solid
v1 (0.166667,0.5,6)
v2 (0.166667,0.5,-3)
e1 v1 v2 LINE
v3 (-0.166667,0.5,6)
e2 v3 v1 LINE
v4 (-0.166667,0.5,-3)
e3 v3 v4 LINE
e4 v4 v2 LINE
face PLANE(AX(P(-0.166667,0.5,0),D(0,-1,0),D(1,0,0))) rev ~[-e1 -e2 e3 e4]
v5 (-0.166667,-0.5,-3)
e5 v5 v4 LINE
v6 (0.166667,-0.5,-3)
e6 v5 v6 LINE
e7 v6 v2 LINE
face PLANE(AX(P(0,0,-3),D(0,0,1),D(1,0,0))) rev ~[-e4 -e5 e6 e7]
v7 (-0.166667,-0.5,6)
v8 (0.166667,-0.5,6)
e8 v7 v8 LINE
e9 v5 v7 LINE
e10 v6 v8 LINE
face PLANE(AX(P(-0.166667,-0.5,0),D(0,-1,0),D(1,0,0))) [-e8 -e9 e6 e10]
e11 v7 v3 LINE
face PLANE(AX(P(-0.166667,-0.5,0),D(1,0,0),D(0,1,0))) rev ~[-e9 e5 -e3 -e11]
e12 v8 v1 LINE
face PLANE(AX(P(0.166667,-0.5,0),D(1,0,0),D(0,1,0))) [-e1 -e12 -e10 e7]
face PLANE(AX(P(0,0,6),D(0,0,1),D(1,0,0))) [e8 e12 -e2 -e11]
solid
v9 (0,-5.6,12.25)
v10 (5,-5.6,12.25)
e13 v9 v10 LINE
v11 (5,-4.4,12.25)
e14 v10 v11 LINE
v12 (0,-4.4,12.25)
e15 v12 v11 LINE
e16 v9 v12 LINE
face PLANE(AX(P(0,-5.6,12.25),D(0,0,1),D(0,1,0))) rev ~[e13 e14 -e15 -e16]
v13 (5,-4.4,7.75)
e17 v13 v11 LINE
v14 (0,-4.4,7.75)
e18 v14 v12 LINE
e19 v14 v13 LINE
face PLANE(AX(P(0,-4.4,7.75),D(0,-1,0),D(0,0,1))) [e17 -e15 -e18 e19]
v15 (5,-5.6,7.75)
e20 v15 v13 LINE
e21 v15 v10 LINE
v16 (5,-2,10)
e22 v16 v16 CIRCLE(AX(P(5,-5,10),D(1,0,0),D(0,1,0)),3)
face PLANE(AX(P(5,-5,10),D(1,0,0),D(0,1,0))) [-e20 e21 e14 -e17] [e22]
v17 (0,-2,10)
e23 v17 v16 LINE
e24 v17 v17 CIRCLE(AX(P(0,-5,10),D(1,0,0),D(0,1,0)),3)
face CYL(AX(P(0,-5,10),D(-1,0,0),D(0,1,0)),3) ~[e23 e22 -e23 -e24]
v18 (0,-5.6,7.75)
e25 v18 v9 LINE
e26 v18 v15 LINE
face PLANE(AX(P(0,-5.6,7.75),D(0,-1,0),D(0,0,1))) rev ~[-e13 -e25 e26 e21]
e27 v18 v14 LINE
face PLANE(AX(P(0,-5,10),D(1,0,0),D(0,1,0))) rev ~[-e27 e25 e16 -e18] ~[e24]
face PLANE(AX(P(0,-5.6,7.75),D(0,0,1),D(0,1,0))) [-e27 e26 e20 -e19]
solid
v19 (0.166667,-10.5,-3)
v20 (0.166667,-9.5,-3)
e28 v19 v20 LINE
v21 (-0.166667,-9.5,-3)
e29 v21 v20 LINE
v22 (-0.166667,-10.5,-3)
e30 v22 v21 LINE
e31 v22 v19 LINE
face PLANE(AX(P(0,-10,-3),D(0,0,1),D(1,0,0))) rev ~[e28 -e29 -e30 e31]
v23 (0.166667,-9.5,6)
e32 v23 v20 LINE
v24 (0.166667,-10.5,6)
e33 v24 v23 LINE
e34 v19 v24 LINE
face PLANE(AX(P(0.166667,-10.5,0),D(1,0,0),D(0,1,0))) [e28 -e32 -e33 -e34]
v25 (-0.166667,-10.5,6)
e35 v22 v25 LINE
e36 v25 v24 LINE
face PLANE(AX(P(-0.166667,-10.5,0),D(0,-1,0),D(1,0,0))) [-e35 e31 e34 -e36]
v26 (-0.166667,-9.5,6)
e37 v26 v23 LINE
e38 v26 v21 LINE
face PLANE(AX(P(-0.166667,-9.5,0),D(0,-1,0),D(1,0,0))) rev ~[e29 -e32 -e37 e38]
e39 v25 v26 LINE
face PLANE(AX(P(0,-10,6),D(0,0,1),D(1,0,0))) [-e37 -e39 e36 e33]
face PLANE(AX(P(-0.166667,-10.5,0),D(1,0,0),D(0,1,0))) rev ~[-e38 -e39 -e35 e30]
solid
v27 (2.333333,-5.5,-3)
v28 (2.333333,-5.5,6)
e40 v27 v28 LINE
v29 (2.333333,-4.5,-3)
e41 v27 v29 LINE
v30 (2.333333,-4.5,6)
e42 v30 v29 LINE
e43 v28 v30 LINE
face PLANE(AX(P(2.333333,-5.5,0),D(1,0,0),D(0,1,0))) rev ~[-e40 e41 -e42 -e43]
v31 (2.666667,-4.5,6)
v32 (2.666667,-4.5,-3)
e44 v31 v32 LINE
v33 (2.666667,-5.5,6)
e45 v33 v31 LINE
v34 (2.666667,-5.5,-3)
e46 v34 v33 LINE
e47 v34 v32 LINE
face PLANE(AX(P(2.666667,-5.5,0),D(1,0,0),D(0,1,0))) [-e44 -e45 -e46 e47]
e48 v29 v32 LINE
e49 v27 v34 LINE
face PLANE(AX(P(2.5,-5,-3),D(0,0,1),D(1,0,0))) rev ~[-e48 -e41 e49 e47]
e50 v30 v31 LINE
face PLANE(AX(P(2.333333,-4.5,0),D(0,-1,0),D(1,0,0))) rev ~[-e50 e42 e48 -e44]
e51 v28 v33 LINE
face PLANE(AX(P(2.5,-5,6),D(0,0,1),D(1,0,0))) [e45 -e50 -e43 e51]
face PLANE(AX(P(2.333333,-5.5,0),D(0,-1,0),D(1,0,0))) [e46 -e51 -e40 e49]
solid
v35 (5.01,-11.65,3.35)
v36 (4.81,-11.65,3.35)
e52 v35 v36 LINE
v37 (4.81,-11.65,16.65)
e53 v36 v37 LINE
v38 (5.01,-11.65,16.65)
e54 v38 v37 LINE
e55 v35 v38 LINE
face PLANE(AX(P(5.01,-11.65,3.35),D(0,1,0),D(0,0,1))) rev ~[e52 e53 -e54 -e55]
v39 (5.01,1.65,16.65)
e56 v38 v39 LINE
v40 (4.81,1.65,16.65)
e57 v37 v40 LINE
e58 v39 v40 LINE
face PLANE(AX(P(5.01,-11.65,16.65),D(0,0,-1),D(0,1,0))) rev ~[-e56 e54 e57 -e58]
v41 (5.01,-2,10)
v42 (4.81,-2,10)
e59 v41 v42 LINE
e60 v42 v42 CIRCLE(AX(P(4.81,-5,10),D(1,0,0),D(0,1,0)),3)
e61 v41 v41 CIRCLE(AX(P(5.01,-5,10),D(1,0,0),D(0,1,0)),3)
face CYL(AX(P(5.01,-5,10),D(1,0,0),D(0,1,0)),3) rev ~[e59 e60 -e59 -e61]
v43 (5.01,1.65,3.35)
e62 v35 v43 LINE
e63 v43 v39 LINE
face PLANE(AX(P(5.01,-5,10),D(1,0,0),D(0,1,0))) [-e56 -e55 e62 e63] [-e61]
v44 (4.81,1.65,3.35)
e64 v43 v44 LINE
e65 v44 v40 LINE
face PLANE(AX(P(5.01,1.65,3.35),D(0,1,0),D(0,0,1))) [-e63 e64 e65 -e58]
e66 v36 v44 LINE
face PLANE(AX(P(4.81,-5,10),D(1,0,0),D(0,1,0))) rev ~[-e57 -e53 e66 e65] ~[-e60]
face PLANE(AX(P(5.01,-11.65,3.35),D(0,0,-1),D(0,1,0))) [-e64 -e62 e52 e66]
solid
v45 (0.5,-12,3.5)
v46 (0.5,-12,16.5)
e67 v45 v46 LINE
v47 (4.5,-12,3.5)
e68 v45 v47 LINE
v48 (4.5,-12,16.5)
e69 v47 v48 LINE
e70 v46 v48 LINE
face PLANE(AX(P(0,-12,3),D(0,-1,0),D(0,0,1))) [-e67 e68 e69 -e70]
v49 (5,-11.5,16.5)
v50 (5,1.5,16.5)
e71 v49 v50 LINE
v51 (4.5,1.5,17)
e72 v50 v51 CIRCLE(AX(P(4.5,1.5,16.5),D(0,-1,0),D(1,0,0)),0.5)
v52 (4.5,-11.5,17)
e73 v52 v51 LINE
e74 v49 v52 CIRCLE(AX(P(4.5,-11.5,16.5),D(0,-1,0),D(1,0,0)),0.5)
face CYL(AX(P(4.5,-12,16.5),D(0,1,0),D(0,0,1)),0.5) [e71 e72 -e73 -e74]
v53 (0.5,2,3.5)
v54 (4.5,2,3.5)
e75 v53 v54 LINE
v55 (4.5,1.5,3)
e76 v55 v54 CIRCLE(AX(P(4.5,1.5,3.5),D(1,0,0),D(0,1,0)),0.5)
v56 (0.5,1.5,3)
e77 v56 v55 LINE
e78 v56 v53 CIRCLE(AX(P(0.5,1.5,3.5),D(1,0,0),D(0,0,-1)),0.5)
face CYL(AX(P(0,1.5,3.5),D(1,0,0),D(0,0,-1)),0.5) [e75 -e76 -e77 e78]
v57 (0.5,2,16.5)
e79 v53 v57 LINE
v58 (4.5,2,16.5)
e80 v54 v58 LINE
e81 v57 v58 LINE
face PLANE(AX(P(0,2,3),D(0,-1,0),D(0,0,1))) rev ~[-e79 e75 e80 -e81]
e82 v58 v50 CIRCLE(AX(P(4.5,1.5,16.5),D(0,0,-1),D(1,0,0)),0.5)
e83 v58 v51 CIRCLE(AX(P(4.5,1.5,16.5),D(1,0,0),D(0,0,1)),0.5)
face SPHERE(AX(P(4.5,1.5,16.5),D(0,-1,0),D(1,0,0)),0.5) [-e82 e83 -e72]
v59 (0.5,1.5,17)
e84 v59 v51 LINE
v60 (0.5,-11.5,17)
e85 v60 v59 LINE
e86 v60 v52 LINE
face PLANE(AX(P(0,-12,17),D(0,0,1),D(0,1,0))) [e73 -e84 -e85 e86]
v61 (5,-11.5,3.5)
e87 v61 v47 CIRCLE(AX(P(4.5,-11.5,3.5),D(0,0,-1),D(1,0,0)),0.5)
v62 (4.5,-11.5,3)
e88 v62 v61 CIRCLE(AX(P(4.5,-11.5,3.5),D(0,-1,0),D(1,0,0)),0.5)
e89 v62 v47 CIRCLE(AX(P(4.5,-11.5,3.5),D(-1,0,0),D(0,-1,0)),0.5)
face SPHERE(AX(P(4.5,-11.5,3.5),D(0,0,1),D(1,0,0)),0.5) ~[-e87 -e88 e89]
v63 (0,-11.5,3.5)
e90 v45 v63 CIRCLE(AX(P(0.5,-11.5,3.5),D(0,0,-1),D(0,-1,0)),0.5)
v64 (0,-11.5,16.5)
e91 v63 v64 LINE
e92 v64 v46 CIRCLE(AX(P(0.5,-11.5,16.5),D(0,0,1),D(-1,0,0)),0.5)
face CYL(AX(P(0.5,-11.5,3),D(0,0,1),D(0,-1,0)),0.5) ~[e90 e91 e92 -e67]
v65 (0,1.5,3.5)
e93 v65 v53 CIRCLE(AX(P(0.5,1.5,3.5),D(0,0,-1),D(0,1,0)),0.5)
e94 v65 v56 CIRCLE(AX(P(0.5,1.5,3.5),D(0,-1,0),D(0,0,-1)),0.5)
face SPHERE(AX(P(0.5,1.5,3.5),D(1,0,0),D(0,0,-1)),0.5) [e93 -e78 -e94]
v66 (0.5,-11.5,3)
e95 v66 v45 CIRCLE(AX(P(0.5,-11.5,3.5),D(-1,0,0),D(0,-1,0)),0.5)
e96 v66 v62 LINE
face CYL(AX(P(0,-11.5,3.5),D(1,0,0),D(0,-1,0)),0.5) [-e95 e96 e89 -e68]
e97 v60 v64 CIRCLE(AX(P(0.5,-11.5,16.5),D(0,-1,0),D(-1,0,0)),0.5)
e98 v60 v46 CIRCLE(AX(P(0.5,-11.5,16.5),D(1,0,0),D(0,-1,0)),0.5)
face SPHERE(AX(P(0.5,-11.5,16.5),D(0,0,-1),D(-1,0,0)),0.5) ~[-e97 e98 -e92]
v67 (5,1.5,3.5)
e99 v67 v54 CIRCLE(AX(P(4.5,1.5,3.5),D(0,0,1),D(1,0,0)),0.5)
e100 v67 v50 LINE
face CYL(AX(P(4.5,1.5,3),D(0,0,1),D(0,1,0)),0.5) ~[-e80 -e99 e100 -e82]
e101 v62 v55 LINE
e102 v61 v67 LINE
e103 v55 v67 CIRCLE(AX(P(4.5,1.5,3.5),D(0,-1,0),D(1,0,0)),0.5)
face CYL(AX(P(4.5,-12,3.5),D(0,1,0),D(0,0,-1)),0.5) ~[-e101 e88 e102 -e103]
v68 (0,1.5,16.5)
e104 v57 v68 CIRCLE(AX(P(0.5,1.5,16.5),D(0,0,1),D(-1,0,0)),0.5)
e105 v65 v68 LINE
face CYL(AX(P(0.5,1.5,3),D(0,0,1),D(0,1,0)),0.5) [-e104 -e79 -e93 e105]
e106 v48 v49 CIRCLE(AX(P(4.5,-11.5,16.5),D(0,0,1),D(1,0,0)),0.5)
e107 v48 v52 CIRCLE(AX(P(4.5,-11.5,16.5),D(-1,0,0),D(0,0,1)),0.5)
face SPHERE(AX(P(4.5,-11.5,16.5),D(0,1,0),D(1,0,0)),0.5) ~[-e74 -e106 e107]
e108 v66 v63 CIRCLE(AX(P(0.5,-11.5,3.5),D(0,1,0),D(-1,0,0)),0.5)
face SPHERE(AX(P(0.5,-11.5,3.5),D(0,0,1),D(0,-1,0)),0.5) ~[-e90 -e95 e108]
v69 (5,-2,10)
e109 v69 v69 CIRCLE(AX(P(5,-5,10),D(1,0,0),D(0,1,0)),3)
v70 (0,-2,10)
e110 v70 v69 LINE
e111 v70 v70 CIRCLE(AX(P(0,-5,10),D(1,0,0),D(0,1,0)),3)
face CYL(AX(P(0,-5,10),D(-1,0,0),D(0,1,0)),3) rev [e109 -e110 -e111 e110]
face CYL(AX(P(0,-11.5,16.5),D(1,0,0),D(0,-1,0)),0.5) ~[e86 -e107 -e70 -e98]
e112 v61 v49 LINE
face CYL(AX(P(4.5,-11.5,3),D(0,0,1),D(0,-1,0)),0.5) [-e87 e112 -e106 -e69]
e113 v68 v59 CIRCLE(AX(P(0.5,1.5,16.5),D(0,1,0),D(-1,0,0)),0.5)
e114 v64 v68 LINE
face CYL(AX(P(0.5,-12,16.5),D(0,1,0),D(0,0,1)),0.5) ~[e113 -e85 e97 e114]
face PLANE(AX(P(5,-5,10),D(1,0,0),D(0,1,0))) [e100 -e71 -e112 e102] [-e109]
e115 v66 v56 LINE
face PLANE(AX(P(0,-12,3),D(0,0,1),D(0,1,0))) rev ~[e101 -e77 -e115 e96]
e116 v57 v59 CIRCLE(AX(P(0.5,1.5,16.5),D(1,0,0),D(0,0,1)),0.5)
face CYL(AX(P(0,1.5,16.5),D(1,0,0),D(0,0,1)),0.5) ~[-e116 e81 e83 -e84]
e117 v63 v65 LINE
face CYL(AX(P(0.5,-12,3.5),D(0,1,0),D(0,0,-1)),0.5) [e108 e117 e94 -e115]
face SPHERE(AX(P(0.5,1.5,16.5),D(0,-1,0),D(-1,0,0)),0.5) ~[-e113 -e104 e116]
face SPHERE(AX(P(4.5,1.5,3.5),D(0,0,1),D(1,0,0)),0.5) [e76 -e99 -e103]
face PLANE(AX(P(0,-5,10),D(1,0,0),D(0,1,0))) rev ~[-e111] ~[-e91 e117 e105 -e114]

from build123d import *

# Parameters (mm, degrees)
SKETCH001_R       = 3
SKETCH001_W       = 1.2
SKETCH001_H       = 4.5
PAD001_DEPTH      = 5
SKETCH003_W       = 0.333334
SKETCH003_H       = 1
PAD002_DEPTH      = 6
PAD002_DEPTH_BACK = 3
SKETCH004_W       = 13.3
SKETCH004_H       = 13.3
SKETCH004_R       = 3
PAD003_DEPTH      = 0.2
SKETCH_W          = 14
SKETCH_H          = 14
SKETCH_R          = 3
PAD_DEPTH         = 5
FILLET_R          = 0.5


with BuildPart() as pad001:
    # Sketch001 → Pad001 (new body)
    with BuildSketch(Plane.YZ):
        with Locations((-5, 10)):
            Circle(SKETCH001_R)
        with Locations((-5, 10)):
            Rectangle(SKETCH001_W, SKETCH001_H, mode=Mode.SUBTRACT)
    extrude(amount=PAD001_DEPTH)


with BuildPart() as pad002:
    # Sketch003 → Pad002 (new body, two sides)
    with BuildSketch(Plane.XY) as pad002_sk:
        Rectangle(SKETCH003_W, SKETCH003_H)
        with Locations((2.5, -5)):
            Rectangle(SKETCH003_W, SKETCH003_H)
        with Locations((0, -10)):
            Rectangle(SKETCH003_W, SKETCH003_H)
    extrude(amount=PAD002_DEPTH)
    extrude(pad002_sk.sketch, amount=-PAD002_DEPTH_BACK)


with BuildPart() as pad003:
    # Sketch004 → Pad003 (new body)
    with BuildSketch(Plane.YZ.offset(5.01)):
        with Locations((-5, 10)):
            Rectangle(SKETCH004_W, SKETCH004_H)
        with Locations((-5, 10)):
            Circle(SKETCH004_R, mode=Mode.SUBTRACT)
    extrude(amount=-PAD003_DEPTH)


with BuildPart() as fillet_body:
    # Sketch → Pad (new body)
    with BuildSketch(Plane.YZ):
        with Locations((-5, 10)):
            Rectangle(SKETCH_W, SKETCH_H)
        with Locations((-5, 10)):
            Circle(SKETCH_R, mode=Mode.SUBTRACT)
    extrude(amount=PAD_DEPTH)

    # Fillet
    fillet_edges = [fillet_body.edges().sort_by_distance(p)[0] for p in [
        (0, -12, 10),
        (0, -5, 17),
        (5, -5, 17),
        (5, -12, 10),
        (5, 2, 10),
        (5, -5, 3),
        (2.5, -12, 17),
        (2.5, -12, 3),
        (2.5, 2, 3),
        (0, -5, 3),
        (0, 2, 10),
        (2.5, 2, 17),
    ]]
    fillet(fillet_edges, radius=FILLET_R)


solid = Compound([pad001.part, pad002.part, pad003.part, fillet_body.part])
